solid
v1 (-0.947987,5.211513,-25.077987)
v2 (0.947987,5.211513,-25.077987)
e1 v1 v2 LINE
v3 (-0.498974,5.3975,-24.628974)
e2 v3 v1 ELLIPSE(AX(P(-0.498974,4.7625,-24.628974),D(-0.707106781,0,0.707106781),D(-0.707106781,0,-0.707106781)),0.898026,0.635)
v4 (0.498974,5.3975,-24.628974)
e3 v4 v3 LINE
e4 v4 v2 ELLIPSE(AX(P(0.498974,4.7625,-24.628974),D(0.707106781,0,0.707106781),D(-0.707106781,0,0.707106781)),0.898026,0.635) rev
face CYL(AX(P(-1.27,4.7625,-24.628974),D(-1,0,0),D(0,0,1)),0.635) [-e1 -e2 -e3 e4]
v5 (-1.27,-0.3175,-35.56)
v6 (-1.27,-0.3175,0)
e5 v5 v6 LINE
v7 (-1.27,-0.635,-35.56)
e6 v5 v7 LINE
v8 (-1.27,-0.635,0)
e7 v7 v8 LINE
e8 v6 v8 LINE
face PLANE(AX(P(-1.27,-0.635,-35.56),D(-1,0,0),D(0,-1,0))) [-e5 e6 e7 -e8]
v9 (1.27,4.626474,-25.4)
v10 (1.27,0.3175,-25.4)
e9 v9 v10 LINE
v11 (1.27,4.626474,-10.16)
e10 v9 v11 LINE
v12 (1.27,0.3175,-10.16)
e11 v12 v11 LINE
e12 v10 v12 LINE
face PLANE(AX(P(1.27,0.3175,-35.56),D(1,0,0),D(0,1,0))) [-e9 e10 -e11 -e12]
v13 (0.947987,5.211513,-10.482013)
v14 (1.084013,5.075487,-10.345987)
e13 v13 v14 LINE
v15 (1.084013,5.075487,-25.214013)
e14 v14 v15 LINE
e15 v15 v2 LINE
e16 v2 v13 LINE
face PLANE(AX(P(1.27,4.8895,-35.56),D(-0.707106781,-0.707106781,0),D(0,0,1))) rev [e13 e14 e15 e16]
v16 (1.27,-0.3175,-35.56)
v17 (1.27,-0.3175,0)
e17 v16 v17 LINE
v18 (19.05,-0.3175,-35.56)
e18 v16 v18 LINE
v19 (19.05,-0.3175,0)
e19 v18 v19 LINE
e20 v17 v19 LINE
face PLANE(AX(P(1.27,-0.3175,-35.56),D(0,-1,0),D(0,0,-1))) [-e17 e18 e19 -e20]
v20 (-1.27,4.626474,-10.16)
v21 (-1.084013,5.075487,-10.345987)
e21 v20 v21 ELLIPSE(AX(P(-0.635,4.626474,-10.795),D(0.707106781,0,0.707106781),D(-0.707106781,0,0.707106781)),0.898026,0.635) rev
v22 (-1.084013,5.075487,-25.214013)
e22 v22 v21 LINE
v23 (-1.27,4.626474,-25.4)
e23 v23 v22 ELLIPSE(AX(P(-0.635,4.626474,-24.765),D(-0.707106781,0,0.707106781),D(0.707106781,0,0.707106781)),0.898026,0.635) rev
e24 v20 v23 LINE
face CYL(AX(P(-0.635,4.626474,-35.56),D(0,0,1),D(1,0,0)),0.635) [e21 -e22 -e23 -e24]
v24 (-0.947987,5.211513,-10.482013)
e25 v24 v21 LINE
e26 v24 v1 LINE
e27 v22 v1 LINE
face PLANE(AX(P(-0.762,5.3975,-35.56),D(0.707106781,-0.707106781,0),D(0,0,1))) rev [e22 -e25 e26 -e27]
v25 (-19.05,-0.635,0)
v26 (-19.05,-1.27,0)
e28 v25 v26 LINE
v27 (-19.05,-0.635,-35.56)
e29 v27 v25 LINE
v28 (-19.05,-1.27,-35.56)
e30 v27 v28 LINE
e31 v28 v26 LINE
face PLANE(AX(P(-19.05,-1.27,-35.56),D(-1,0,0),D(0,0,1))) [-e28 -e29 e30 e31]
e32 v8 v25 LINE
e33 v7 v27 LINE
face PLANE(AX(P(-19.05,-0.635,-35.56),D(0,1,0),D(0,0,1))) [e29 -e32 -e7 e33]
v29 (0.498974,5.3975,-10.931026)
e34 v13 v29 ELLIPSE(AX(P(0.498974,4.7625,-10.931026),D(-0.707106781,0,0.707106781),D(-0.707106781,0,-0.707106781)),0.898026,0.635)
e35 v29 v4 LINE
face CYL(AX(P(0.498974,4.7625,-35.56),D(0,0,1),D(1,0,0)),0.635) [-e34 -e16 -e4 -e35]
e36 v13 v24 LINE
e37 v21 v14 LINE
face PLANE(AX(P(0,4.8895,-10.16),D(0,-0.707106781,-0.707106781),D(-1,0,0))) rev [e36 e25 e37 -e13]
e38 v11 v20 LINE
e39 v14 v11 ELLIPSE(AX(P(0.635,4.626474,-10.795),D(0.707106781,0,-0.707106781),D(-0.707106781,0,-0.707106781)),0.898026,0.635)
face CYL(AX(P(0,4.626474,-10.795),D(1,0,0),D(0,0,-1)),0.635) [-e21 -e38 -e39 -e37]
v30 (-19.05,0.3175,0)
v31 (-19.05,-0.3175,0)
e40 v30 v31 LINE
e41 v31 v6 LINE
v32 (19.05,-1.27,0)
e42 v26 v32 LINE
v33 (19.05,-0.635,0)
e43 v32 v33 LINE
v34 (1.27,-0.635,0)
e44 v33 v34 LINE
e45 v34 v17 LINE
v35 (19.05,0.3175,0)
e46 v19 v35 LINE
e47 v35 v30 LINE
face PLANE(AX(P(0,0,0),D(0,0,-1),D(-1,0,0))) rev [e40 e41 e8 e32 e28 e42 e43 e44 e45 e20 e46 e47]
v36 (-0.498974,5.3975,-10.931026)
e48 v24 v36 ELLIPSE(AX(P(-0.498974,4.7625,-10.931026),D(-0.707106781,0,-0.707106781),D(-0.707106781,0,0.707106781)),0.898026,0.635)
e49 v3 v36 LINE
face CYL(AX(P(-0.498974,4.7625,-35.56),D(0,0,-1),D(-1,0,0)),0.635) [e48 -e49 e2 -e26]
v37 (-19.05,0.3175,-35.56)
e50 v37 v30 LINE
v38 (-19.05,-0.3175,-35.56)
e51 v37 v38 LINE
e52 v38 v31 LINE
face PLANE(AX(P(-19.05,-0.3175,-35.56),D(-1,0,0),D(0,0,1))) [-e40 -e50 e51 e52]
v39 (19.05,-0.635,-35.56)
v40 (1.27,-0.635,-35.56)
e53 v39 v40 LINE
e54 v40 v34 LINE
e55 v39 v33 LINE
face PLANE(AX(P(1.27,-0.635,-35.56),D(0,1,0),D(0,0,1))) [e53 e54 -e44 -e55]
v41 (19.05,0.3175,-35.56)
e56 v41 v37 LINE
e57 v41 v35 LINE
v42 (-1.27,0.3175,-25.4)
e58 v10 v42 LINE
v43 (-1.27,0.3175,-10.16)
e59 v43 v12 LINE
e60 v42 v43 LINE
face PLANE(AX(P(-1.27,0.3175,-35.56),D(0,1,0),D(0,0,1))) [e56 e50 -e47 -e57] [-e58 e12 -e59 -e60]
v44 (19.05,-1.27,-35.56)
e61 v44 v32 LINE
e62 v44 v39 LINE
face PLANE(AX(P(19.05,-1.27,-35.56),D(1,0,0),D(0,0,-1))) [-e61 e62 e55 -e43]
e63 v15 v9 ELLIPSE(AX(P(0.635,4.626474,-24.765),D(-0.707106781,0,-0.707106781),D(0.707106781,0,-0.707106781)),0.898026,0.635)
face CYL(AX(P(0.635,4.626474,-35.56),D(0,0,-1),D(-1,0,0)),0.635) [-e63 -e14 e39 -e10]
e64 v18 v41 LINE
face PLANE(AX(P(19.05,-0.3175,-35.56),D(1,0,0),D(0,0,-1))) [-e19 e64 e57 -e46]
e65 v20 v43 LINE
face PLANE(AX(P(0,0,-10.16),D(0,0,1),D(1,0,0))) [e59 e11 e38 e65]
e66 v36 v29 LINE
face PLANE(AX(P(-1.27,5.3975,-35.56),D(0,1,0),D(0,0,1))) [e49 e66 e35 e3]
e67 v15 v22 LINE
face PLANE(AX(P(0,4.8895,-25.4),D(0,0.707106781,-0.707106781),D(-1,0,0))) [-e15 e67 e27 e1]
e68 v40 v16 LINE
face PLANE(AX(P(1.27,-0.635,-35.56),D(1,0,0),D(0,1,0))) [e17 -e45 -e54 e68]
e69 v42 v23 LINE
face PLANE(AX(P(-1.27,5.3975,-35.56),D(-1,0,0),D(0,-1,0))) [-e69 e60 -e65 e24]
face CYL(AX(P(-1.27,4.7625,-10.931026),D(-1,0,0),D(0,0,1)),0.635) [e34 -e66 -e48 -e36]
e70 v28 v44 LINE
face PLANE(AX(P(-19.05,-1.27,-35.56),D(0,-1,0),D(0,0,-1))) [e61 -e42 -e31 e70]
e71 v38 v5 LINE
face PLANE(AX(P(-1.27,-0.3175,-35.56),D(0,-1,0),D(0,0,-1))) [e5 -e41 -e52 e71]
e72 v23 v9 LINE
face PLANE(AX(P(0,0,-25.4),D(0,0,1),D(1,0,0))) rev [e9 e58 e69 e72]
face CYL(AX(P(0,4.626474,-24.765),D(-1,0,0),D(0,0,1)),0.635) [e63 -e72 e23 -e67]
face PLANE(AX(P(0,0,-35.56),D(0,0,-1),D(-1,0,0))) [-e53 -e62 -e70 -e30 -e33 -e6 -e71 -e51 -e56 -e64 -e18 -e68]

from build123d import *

# Parameters (mm, degrees)
BOSS_EXTRUDE1_DEPTH = 35.56
SKETCH2_W           = 2.54
SKETCH2_H           = 5.08
CUT_EXTRUDE1_DEPTH  = 10.16
SKETCH3_W           = 2.54
SKETCH3_H           = 5.08
CUT_EXTRUDE2_DEPTH  = 10.16
CHAMFER1_SIZE       = 0.508
FILLET1_R           = 0.635


with BuildPart() as part:
    # Sketch1 → Boss-Extrude1 (new body)
    with BuildSketch(Plane.XY):
        Polygon((-19.05, -0.3175), (-19.05, 0.3175), (-1.27, 0.3175), (-1.27, 5.3975), (1.27, 5.3975), (1.27, 0.3175), (19.05, 0.3175), (19.05, -0.3175), (1.27, -0.3175), (1.27, -0.635), (19.05, -0.635), (19.05, -1.27), (-19.05, -1.27), (-19.05, -0.635), (-1.27, -0.635), (-1.27, -0.3175), align=None)
    extrude(amount=-BOSS_EXTRUDE1_DEPTH)

    # Sketch2 → Cut-Extrude1 (cut)
    with BuildSketch(Plane.XY):
        with Locations((0, 2.8575)):
            Rectangle(SKETCH2_W, SKETCH2_H)
    extrude(amount=-CUT_EXTRUDE1_DEPTH, mode=Mode.SUBTRACT)

    # Sketch3 → Cut-Extrude2 (cut)
    with BuildSketch(Plane(origin=(0, 0, -35.56), x_dir=(-1, 0, 0), z_dir=(0, 0, -1))):
        with Locations((0, 2.8575)):
            Rectangle(SKETCH3_W, SKETCH3_H)
    extrude(amount=-CUT_EXTRUDE2_DEPTH, mode=Mode.SUBTRACT)

    # Chamfer1
    chamfer1_edges = [part.edges().sort_by_distance(p)[0] for p in [
        (0, 5.3975, -10.16),
        (1.27, 5.3975, -17.78),
        (-1.27, 5.3975, -17.78),
        (0, 5.3975, -25.4),
    ]]
    chamfer(chamfer1_edges, length=CHAMFER1_SIZE)

    # Fillet1
    fillet1_edges = [part.edges().sort_by_distance(p)[0] for p in [
        (1.27, 4.8895, -17.78),
        (0, 5.3975, -24.892),
        (-0.762, 5.3975, -17.78),
        (0, 5.3975, -10.668),
        (0.762, 5.3975, -17.78),
        (0, 4.8895, -10.16),
        (-1.27, 4.8895, -17.78),
        (0, 4.8895, -25.4),
    ]]
    fillet(fillet1_edges, radius=FILLET1_R)


solid = part.part
